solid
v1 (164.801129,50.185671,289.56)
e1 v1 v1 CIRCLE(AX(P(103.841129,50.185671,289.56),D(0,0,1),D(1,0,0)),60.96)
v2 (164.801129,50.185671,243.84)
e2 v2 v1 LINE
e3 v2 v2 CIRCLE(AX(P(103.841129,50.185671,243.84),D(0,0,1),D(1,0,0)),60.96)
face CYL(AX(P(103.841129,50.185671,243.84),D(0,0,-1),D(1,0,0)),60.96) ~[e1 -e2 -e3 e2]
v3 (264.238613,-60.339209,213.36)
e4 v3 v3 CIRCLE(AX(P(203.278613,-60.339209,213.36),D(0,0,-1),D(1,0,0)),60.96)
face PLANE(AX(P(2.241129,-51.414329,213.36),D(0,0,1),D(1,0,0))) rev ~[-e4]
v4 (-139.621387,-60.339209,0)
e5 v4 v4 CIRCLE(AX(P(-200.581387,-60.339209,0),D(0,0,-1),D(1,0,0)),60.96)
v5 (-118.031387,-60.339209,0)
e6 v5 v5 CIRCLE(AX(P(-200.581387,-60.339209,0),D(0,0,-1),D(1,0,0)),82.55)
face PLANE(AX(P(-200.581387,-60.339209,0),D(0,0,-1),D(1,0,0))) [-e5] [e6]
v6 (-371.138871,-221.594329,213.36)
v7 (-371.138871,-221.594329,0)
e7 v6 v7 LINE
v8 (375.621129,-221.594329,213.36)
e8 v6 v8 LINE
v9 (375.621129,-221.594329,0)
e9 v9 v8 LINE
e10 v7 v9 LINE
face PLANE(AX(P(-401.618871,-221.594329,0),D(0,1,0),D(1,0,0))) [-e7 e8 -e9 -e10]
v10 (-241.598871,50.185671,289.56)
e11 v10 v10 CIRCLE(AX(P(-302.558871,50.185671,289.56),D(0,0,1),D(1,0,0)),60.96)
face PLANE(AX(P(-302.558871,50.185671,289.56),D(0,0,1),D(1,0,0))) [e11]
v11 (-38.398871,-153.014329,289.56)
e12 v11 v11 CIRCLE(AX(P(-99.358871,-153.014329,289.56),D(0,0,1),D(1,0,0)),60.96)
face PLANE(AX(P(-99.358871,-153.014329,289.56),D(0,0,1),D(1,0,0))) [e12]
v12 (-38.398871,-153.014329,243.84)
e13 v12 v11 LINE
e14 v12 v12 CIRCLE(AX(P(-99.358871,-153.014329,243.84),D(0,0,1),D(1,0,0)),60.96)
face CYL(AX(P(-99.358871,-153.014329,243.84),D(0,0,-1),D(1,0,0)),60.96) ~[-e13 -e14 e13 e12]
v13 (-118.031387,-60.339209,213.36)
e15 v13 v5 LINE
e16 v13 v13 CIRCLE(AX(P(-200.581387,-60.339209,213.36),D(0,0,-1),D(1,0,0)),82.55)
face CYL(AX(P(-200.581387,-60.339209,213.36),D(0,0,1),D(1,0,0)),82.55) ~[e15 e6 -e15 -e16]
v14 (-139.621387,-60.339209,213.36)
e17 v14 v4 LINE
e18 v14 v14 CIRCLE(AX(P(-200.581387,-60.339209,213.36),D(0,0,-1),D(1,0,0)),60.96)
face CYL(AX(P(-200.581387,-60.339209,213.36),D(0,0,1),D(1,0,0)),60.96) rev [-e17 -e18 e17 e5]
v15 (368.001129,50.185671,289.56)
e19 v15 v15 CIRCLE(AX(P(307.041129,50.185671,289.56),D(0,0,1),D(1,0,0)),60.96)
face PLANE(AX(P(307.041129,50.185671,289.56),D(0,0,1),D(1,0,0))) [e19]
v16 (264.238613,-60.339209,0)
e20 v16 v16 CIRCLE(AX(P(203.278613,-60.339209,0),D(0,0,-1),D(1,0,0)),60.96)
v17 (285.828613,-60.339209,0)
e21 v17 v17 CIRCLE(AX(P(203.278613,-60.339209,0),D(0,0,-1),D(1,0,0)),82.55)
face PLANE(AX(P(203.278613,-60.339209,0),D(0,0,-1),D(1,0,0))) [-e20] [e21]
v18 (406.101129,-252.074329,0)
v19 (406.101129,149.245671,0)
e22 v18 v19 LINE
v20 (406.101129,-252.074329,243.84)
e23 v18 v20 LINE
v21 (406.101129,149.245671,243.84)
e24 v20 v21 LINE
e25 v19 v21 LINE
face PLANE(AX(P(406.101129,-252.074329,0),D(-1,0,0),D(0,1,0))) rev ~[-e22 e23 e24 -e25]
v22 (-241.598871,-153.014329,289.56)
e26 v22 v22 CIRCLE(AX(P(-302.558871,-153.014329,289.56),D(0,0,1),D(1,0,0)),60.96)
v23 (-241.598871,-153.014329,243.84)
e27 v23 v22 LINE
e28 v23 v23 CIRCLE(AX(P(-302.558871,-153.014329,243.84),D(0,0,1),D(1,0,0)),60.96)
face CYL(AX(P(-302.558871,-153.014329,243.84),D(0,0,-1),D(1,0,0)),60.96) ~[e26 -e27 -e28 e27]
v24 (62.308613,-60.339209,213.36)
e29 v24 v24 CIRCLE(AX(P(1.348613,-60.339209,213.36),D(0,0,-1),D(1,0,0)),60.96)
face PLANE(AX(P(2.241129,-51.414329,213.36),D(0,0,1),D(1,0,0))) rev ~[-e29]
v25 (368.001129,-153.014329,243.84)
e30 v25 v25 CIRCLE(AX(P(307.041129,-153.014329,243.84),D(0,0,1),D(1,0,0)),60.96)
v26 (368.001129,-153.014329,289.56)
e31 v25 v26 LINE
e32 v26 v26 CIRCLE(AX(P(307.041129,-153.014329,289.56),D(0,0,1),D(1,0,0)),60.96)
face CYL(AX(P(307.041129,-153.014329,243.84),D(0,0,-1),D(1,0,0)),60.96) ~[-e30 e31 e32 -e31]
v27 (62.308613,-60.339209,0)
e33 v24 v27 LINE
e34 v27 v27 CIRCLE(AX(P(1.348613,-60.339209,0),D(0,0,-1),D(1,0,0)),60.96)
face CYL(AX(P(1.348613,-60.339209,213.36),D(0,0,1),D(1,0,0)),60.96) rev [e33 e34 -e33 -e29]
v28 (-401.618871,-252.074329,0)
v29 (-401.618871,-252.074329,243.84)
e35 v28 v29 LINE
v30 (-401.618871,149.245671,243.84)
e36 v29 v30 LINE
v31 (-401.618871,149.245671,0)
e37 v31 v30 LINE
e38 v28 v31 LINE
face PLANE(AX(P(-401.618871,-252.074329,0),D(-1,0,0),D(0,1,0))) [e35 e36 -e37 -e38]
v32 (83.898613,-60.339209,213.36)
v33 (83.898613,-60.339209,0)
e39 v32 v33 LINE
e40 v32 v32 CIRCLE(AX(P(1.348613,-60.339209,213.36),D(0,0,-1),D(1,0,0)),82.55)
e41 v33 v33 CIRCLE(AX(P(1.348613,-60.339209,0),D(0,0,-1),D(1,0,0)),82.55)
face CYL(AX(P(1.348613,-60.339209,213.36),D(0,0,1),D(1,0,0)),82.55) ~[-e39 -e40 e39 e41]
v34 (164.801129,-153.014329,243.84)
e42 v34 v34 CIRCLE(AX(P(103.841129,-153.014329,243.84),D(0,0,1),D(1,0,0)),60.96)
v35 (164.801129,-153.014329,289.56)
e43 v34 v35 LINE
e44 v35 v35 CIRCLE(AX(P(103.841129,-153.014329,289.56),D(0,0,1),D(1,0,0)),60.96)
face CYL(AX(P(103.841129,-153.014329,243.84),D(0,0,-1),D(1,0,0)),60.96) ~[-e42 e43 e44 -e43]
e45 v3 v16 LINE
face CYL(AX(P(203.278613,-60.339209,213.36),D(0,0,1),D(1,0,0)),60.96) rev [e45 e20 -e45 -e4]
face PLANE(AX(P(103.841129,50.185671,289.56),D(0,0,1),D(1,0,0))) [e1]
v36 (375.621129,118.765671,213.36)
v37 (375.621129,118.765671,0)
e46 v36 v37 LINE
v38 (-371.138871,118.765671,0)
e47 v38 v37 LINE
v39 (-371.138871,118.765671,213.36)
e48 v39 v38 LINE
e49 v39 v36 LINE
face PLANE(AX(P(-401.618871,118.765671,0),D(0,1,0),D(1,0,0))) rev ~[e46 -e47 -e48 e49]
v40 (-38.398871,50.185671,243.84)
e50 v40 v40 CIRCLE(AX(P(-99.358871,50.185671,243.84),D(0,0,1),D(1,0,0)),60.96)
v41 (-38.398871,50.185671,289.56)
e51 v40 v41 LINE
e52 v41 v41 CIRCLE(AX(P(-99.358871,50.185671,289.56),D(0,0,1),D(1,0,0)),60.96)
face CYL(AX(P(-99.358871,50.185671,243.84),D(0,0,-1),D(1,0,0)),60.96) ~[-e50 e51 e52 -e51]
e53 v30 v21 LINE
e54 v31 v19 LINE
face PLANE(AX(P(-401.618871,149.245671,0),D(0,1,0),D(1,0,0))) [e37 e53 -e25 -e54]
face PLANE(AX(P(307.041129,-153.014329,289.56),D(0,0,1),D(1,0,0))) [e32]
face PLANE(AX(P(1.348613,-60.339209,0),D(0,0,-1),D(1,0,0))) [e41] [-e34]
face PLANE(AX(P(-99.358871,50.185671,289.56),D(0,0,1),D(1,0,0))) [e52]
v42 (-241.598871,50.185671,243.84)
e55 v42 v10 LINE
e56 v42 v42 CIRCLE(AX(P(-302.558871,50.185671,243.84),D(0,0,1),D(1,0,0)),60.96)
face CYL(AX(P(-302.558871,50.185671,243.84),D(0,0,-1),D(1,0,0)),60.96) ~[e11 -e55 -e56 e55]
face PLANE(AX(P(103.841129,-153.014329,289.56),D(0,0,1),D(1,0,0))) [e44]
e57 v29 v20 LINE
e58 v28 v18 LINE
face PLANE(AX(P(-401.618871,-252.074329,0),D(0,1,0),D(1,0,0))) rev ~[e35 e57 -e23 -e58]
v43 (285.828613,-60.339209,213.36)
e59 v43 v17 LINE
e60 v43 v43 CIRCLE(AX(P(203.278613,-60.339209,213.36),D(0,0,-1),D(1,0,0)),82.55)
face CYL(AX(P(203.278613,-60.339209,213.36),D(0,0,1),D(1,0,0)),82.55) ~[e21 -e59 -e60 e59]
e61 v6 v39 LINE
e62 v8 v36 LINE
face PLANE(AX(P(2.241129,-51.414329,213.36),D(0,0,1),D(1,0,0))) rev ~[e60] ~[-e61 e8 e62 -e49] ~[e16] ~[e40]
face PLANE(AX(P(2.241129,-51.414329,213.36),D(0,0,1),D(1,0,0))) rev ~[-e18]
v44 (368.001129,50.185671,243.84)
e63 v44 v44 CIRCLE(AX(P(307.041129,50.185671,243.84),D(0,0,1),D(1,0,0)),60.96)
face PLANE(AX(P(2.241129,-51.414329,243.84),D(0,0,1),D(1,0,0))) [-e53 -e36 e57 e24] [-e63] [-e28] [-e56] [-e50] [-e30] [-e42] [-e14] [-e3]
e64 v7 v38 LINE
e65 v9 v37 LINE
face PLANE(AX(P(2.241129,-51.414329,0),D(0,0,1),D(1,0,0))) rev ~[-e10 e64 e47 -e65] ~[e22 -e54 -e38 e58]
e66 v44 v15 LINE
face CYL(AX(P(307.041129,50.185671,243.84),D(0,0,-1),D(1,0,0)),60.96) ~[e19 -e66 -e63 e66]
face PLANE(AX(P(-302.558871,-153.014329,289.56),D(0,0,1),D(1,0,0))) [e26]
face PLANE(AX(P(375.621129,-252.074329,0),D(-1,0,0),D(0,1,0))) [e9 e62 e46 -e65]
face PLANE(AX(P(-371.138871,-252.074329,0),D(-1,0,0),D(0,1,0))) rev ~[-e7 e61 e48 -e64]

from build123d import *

# Parameters (mm, degrees)
F0_W     = 807.72
F0_H     = 401.32
F1_DEPTH = 243.84
F2_T     = -30.48
F3_R     = 60.96
F4_DEPTH = 45.72
F5_R     = 82.55
F5_R_2   = 60.96
F6_DEPTH = 213.36
F11_R    = 76.2
F12_R    = 76.2


with BuildPart() as f1:
    # F0 (on Top) → F1 (new body)
    with BuildSketch(Plane.XY):
        with Locations((2.2411290556, -51.4143294379)):
            Rectangle(F0_W, F0_H)
    extrude(amount=F1_DEPTH)

    # F2
    f2_openings = [f1.faces().sort_by_distance(p)[0] for p in [
        (2.241129, -51.414329, 0),
    ]]
    offset(amount=F2_T, openings=f2_openings)

    # F3 (on face) → F4 (join)
    with BuildSketch(Plane.XY.offset(243.84)):
        with Locations((-302.5588709444, 50.1856705621)):
            Circle(F3_R)
        with Locations((-302.5588709444, -153.0143294379)):
            Circle(F3_R)
        with Locations((-99.3588709444, 50.1856705621)):
            Circle(F3_R)
        with Locations((-99.3588709444, -153.0143294379)):
            Circle(F3_R)
        with Locations((103.8411290556, 50.1856705621)):
            Circle(F3_R)
        with Locations((103.8411290556, -153.0143294379)):
            Circle(F3_R)
        with Locations((307.0411290556, 50.1856705621)):
            Circle(F3_R)
        with Locations((307.0411290556, -153.0143294379)):
            Circle(F3_R)
    extrude(amount=F4_DEPTH)

    # F5 (on face) → F6 (join)
    with BuildSketch(Plane(origin=(0, 0, 213.36), x_dir=(1, 0, 0), z_dir=(0, 0, -1))):
        with Locations((203.2786133146, 60.3392086923)):
            Circle(F5_R)
        with Locations((203.2786133146, 60.3392086923)):
            Circle(F5_R_2, mode=Mode.SUBTRACT)
        with Locations((1.3486133146, 60.3392086923)):
            Circle(F5_R)
        with Locations((1.3486133146, 60.3392086923)):
            Circle(F5_R_2, mode=Mode.SUBTRACT)
        with Locations((-200.5813866854, 60.3392086923)):
            Circle(F5_R)
        with Locations((-200.5813866854, 60.3392086923)):
            Circle(F5_R_2, mode=Mode.SUBTRACT)
    extrude(amount=F6_DEPTH)


with BuildPart() as f7_1:
    # F7: copy of F1
    add(f1.part.moved(Location((0, 0, 347.98))))


with BuildPart() as f8_1:
    # F8: copy of F7_1
    add(f7_1.part.moved(Location((0, 0, 548.64))))


with BuildPart() as f10:
    # F9 (on Front) → F10 (revolve)
    with BuildSketch(Plane.XZ):
        Polygon((-791.4233886312, -635), (-791.4233886312, 0), (-791.4233886312, 635), (-1174.3252277374, 635), (-840.2198553085, 0), (-1174.3252277374, -635), align=None)
    revolve(axis=Axis((-791.4233886312, 0, 317.5), (0, 0, 1)))

    # F11
    f11_edges = [f10.edges().sort_by_distance(p)[0] for p in [
        (-408.52155, 0, 635),
        (-742.626922, 0, 0),
        (-1007.272542, 0, 317.5),
    ]]
    fillet(f11_edges, radius=F11_R)

    # F12
    f12_edges = [f10.edges().sort_by_distance(p)[0] for p in [
        (-1016.606744, 0, -335.240567),
        (-723.958517, 0, -35.481133),
        (-408.52155, 0, -635),
    ]]
    fillet(f12_edges, radius=F12_R)


solid = f1.part
